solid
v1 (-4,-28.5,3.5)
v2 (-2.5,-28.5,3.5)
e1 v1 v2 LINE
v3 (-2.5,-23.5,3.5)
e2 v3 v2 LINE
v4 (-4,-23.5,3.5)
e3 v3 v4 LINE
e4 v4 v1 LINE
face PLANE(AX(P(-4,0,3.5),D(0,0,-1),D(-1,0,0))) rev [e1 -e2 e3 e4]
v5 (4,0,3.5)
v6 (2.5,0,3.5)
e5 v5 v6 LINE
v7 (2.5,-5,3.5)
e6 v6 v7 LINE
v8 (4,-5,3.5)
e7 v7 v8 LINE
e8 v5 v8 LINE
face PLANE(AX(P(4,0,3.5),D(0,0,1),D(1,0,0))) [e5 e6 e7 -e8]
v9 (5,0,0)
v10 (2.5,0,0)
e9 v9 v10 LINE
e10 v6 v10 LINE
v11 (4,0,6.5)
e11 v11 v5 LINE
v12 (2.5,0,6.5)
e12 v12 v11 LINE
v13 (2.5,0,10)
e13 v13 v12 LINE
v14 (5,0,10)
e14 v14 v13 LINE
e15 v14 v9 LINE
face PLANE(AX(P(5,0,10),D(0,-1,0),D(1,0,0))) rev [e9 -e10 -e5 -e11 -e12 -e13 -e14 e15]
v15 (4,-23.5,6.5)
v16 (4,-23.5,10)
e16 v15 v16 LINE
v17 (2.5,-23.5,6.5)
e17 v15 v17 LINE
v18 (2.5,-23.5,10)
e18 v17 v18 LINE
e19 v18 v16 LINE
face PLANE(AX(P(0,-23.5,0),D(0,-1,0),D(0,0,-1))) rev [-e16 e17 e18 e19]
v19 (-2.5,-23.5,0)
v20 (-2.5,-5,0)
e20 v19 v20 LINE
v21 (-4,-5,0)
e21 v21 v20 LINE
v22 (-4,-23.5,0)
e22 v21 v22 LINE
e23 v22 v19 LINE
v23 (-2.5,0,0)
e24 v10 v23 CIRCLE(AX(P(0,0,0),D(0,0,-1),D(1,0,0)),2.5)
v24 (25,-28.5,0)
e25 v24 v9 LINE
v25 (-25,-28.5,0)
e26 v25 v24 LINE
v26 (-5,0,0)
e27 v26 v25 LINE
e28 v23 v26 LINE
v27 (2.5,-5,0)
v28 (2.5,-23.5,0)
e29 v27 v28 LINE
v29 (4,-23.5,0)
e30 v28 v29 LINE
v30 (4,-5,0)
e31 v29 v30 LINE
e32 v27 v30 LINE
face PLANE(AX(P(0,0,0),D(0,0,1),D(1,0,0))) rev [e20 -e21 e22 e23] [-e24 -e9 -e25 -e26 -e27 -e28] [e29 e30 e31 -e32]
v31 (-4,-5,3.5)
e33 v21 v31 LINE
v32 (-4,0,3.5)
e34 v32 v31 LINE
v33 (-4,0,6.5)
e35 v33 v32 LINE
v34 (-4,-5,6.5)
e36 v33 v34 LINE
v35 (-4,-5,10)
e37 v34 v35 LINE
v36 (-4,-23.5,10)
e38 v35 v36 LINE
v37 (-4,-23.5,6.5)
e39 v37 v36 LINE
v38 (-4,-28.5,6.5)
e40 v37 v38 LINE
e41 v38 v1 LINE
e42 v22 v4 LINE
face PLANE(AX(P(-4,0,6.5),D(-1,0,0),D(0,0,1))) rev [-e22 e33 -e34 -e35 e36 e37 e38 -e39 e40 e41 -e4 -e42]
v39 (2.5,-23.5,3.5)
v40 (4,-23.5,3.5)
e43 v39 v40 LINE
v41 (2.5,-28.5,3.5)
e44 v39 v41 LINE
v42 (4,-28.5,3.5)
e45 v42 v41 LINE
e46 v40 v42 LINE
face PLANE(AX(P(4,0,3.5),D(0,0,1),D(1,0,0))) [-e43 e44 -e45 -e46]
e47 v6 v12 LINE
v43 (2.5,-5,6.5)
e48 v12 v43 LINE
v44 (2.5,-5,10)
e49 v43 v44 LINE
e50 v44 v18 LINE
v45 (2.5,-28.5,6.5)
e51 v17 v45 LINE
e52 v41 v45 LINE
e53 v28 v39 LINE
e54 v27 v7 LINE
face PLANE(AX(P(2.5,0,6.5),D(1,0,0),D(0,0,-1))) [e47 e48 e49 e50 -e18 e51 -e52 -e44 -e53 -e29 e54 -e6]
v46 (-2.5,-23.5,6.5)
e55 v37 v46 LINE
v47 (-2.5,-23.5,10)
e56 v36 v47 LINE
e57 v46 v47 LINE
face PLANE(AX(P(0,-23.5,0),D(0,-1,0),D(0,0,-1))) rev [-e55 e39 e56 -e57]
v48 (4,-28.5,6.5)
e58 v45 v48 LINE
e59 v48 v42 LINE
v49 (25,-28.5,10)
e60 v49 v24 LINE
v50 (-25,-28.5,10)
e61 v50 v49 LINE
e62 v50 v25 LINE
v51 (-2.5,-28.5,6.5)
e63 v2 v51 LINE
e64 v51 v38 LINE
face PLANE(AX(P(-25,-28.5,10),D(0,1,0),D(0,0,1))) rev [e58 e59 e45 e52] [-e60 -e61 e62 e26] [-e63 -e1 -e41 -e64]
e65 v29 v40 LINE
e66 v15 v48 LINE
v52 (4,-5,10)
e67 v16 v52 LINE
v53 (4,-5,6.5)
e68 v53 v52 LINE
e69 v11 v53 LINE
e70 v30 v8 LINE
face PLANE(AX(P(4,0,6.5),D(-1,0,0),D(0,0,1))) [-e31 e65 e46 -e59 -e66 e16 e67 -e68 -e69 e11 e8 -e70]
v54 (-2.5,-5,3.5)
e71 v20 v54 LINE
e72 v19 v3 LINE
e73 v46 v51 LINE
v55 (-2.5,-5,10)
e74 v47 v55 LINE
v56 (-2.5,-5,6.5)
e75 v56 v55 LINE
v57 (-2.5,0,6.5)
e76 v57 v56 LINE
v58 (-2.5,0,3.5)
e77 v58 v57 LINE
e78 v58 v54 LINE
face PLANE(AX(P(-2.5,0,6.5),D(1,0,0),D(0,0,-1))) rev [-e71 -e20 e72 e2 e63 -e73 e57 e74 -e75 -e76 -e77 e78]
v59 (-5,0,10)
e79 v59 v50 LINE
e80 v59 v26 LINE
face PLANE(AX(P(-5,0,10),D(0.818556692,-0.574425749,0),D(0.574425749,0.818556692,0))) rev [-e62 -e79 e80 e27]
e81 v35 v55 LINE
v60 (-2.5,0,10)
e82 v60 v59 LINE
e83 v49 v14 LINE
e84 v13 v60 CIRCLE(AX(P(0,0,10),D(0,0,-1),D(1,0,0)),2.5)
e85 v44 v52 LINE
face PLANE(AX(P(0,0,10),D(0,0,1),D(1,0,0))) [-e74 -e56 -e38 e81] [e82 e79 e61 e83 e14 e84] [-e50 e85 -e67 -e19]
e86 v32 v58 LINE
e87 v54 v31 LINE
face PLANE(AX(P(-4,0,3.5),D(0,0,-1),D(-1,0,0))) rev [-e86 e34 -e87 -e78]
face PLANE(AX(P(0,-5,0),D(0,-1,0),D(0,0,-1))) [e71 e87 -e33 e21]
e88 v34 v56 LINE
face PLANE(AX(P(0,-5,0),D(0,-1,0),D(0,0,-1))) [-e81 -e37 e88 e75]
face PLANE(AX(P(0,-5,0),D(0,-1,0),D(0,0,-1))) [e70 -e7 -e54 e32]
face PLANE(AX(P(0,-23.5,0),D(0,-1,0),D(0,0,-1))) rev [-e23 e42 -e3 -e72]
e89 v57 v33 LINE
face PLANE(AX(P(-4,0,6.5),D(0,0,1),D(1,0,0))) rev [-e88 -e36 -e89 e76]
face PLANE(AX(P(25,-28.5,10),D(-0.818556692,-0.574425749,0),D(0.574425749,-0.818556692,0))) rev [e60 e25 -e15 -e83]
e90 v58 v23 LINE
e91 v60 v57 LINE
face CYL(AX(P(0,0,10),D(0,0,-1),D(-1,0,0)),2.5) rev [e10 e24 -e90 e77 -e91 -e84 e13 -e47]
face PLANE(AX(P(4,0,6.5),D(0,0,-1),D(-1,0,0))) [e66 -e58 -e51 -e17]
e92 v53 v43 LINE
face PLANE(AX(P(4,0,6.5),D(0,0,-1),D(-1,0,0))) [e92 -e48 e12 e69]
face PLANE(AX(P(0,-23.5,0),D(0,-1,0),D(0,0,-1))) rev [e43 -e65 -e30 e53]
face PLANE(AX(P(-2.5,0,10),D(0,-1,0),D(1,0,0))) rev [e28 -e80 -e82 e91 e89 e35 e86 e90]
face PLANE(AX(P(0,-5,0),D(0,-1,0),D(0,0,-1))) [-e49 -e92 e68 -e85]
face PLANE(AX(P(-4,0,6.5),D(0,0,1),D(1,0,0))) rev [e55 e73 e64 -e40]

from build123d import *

# Parameters (mm, degrees)
BOSS_EXTRUDE1_DEPTH = 10
SKETCH4_W           = 1.5
SKETCH4_H           = 3
CUT_EXTRUDE2_DEPTH  = 29.5
SKETCH5_W           = 1.5
SKETCH5_H           = 18.5
CUT_EXTRUDE3_DEPTH  = 11


with BuildPart() as part:
    # Sketch1 → Boss-Extrude1 (new body)
    with BuildSketch(Plane.XY):
        with BuildLine():
            Line((-25, -28.5), (25, -28.5))
            Line((25, -28.5), (5, 0))
            Line((5, 0), (2.5, 0))
            ThreePointArc((2.5, 0), (0, -2.5), (-2.5, 0))
            Line((-2.5, 0), (-5, 0))
            Line((-5, 0), (-25, -28.5))
        make_face()
    extrude(amount=BOSS_EXTRUDE1_DEPTH)

    # Sketch4 → Cut-Extrude2 (cut, through all)
    with BuildSketch(Plane.XZ.offset(28.5)):
        with Locations((-3.25, 5)):
            Rectangle(SKETCH4_W, SKETCH4_H)
    cut_extrude2 = extrude(amount=-CUT_EXTRUDE2_DEPTH, mode=Mode.SUBTRACT)

    # Mirror1: Cut-Extrude2 across plane
    add(cut_extrude2.mirror(Plane(origin=(0, 0, 0), x_dir=(0, 0, 1), z_dir=(1, 0, 0))), mode=Mode.SUBTRACT)

    # Sketch5 → Cut-Extrude3 (cut, through all)
    with BuildSketch(Plane.XY.offset(10)):
        with Locations((-3.25, -14.25)):
            Rectangle(SKETCH5_W, SKETCH5_H)
        with Locations((3.25, -14.25)):
            Rectangle(SKETCH5_W, SKETCH5_H)
    extrude(amount=-CUT_EXTRUDE3_DEPTH, mode=Mode.SUBTRACT)


solid = part.part
